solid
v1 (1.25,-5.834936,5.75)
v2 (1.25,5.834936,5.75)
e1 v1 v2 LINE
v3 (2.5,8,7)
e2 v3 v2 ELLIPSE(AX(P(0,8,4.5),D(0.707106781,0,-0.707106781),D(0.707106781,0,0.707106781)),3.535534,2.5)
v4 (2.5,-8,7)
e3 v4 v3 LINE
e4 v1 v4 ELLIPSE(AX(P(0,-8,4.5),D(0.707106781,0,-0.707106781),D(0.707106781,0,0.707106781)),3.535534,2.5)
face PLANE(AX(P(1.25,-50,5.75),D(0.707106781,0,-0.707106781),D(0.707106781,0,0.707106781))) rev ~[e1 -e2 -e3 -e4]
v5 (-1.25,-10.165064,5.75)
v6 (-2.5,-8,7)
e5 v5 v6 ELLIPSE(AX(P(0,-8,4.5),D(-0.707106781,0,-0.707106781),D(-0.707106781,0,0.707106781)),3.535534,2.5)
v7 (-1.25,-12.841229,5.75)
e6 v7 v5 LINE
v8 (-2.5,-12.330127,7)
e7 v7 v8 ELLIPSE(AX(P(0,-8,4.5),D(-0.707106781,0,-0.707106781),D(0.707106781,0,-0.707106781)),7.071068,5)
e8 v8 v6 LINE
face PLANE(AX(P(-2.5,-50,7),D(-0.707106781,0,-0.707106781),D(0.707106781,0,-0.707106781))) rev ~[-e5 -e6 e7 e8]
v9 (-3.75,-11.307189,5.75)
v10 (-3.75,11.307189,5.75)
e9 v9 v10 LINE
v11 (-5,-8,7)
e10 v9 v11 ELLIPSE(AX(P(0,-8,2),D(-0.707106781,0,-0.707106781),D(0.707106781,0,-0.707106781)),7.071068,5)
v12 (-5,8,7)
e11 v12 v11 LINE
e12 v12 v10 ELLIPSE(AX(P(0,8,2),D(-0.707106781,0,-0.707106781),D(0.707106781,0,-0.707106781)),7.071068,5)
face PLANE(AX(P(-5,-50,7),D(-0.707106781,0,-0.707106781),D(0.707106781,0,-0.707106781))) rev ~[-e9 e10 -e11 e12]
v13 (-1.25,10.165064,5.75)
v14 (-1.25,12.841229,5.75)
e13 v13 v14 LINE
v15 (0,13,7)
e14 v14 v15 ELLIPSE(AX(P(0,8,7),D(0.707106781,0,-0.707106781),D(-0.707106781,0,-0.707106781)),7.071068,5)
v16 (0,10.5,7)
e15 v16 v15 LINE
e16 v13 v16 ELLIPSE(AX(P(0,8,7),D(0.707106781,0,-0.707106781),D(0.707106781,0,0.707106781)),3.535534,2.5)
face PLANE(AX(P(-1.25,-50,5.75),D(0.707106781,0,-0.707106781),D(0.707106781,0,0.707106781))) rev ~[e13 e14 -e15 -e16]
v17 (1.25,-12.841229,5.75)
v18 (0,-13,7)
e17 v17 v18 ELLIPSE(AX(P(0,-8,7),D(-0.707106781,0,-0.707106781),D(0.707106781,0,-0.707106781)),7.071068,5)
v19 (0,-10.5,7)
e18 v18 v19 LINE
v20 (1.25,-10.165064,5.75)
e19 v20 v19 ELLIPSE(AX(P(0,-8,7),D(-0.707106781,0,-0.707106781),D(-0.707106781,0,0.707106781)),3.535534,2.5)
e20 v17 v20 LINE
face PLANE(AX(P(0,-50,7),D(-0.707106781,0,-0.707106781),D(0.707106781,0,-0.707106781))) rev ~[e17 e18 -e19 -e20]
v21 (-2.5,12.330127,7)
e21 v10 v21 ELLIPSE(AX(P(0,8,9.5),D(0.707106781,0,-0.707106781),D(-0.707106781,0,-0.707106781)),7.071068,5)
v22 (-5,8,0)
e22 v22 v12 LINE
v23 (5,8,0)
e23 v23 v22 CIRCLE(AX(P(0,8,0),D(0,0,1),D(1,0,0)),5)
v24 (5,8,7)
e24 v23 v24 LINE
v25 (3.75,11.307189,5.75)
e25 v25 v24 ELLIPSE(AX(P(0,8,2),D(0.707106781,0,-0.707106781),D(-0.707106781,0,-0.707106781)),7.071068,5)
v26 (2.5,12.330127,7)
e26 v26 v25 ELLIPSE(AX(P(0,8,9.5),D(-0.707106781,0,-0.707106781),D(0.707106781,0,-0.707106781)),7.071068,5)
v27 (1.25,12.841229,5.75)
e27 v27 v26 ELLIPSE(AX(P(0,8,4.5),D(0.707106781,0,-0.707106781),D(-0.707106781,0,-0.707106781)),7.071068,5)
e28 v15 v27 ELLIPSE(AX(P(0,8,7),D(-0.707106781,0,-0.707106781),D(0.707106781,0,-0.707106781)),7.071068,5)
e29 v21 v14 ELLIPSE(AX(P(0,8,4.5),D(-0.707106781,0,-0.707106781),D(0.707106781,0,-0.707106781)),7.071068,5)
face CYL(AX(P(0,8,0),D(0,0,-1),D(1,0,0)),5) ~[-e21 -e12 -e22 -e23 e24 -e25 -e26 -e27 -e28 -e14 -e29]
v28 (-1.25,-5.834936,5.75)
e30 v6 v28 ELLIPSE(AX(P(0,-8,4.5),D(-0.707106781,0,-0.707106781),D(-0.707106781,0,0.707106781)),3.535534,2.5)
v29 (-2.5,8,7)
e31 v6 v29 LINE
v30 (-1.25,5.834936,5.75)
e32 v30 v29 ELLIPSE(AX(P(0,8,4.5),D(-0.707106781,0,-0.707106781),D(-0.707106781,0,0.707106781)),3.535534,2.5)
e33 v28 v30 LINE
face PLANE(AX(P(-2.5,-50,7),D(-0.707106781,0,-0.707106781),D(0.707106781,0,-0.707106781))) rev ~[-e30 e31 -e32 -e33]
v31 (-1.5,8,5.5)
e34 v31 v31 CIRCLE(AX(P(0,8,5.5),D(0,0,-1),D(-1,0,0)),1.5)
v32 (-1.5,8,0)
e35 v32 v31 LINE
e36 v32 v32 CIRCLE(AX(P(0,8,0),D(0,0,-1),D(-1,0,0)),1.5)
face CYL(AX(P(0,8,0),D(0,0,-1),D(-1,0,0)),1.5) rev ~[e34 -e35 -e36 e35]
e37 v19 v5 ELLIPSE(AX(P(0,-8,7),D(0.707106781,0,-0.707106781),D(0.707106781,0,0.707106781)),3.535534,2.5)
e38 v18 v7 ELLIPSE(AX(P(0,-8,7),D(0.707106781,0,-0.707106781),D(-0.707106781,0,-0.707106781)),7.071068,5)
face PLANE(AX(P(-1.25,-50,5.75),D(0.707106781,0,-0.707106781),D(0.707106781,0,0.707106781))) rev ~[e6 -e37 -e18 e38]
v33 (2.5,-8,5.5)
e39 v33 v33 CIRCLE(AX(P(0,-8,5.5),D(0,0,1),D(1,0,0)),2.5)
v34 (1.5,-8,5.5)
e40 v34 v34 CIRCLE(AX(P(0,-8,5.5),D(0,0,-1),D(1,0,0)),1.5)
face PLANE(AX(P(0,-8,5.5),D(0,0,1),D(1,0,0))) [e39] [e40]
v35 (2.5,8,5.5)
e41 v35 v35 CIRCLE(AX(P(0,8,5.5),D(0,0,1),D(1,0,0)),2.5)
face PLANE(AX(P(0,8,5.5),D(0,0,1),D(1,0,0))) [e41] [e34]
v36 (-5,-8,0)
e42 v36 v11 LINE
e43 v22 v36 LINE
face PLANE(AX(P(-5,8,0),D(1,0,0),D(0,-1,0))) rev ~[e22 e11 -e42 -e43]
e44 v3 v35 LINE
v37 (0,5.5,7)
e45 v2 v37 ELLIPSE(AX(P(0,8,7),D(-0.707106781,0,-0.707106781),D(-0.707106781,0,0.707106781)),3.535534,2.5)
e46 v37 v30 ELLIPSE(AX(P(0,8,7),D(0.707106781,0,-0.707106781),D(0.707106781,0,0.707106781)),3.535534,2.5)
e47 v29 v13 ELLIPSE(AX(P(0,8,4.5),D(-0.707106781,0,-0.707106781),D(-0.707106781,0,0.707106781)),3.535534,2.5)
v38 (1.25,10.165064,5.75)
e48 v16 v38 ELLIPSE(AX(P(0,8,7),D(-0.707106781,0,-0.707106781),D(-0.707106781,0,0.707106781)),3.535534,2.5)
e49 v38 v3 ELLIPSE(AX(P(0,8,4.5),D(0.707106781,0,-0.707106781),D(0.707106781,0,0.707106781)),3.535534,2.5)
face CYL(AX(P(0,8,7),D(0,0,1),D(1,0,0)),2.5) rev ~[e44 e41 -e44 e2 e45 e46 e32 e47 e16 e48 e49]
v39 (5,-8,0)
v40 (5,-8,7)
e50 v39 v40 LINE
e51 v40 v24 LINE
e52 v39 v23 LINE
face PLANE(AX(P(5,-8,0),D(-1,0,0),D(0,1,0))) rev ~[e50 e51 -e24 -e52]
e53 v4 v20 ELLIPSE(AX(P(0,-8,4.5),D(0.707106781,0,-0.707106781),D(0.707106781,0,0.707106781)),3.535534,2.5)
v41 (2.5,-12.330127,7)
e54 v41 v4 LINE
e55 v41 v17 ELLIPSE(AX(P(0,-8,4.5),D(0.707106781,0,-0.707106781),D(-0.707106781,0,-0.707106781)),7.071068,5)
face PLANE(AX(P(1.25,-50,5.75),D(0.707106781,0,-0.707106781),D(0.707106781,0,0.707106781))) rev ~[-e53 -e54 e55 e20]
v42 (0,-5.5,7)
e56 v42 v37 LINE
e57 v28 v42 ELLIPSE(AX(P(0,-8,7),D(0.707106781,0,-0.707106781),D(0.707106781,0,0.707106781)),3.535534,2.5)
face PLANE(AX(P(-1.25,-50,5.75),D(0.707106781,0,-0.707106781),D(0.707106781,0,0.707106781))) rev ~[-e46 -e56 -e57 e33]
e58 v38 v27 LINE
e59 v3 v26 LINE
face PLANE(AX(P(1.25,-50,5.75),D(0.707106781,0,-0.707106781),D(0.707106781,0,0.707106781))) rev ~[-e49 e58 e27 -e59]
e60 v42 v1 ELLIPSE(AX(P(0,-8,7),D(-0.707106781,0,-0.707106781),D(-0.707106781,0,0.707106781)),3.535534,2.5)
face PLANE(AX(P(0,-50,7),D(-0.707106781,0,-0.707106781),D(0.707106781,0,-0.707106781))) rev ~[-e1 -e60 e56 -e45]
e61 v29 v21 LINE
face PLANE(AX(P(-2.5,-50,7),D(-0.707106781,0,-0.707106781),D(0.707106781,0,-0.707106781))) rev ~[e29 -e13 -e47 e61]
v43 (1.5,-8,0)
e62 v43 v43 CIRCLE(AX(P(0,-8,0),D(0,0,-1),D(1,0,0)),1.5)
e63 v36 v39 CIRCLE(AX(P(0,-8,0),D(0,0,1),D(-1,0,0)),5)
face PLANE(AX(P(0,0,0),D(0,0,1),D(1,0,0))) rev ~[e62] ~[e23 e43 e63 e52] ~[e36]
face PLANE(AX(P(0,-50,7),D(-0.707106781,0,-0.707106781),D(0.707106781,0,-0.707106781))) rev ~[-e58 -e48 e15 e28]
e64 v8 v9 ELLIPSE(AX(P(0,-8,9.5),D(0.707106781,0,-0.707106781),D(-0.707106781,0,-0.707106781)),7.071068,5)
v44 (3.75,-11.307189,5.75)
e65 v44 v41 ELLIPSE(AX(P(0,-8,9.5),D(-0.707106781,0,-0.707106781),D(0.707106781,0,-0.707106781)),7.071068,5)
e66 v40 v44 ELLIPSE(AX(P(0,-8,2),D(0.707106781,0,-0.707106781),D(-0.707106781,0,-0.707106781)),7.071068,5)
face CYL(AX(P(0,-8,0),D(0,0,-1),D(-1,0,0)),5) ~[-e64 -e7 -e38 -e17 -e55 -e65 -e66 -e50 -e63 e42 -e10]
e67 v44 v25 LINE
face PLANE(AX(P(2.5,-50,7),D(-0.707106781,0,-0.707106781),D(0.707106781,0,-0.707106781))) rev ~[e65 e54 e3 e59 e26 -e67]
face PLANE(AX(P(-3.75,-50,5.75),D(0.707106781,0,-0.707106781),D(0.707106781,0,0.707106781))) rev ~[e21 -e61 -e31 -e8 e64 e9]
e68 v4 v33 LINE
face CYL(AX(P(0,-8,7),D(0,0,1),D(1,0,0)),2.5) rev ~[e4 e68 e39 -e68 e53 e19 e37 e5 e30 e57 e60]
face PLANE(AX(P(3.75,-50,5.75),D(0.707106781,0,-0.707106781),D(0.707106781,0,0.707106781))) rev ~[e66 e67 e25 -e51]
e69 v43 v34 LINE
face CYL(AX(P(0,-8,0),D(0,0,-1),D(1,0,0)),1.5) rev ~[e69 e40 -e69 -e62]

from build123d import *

# Parameters (mm, degrees)
F1_DEPTH = 7
F3_DEPTH = 50
F4_DEPTH = 100
F6_R     = 2.5
F7_DEPTH = 1.5


with BuildPart() as f1:
    # F0 (on Top) → F1 (new body)
    with BuildSketch(Plane.XY):
        with BuildLine():
            Line((5, 8), (1.5, 8))
            ThreePointArc((1.5, 8), (0, 6.5), (-1.5, 8))
            Line((-1.5, 8), (-5, 8))
            Line((-5, 8), (-5, -8))
            Line((-5, -8), (-1.5, -8))
            ThreePointArc((-1.5, -8), (0, -6.5), (1.5, -8))
            Line((1.5, -8), (5, -8))
            Line((5, -8), (5, 8))
        make_face()
        with BuildLine():
            ThreePointArc((-1.5, 8), (0, 9.5), (1.5, 8))
            Line((1.5, 8), (5, 8))
            ThreePointArc((5, 8), (0, 13), (-5, 8))
            Line((-5, 8), (-1.5, 8))
        make_face()
        with BuildLine():
            ThreePointArc((-5, -8), (0, -13), (5, -8))
            Line((5, -8), (1.5, -8))
            ThreePointArc((1.5, -8), (0, -9.5), (-1.5, -8))
            Line((-1.5, -8), (-5, -8))
        make_face()
    extrude(amount=F1_DEPTH)


with BuildPart() as f3:
    # F2 (on Front) → F3 (new body)
    with BuildSketch(Plane.XZ):
        Polygon((-3.75, 5.75), (-2.5, 7), (-5, 7), align=None)
    extrude(amount=F3_DEPTH)


with BuildPart() as f3b:
    # F2 (on Front) → F3, piece 2 (new body)
    with BuildSketch(Plane.XZ):
        Polygon((-1.25, 5.75), (0, 7), (-2.5, 7), align=None)
    extrude(amount=F3_DEPTH)


with BuildPart() as f3c:
    # F2 (on Front) → F3, piece 3 (new body)
    with BuildSketch(Plane.XZ):
        Polygon((2.5, 7), (0, 7), (1.25, 5.75), align=None)
    extrude(amount=F3_DEPTH)


with BuildPart() as f3d:
    # F2 (on Front) → F3, piece 4 (new body)
    with BuildSketch(Plane.XZ):
        Polygon((5, 7), (2.5, 7), (3.75, 5.75), align=None)
    extrude(amount=F3_DEPTH)


with BuildPart() as f4_tool:
    # F3_face (on face) → F4 (new body)
    with BuildSketch(Plane(origin=(-3.75, -50, 6.5833333333), x_dir=(1, 0, 0), z_dir=(0, -1, 0))):
        Polygon((0, -0.8333333333), (1.25, 0.4166666667), (-1.25, 0.4166666667), align=None)
        Polygon((2.5, -0.8333333333), (3.75, 0.4166666667), (1.25, 0.4166666667), align=None)
        Polygon((6.25, 0.4166666667), (3.75, 0.4166666667), (5, -0.8333333333), align=None)
        Polygon((8.75, 0.4166666667), (6.25, 0.4166666667), (7.5, -0.8333333333), align=None)
    extrude(amount=-F4_DEPTH)


with BuildPart() as f1_1:
    add(f1.part)

    # F4: cut by f4_tool
    add(f4_tool.part, mode=Mode.SUBTRACT)

    # F6 (on offset) → F7 (cut)
    with BuildSketch(Plane.XY.offset(7)):
        with Locations((0, -8)):
            Circle(F6_R)
        with Locations((0, 8)):
            Circle(F6_R)
    extrude(amount=-F7_DEPTH, mode=Mode.SUBTRACT)


with BuildPart() as f3_1:
    add(f3.part)

    # F4: cut by f4_tool
    add(f4_tool.part, mode=Mode.SUBTRACT)


with BuildPart() as f3b_1:
    add(f3b.part)

    # F4: cut by f4_tool
    add(f4_tool.part, mode=Mode.SUBTRACT)


with BuildPart() as f3c_1:
    add(f3c.part)

    # F4: cut by f4_tool
    add(f4_tool.part, mode=Mode.SUBTRACT)


with BuildPart() as f3d_1:
    add(f3d.part)

    # F4: cut by f4_tool
    add(f4_tool.part, mode=Mode.SUBTRACT)


solid = f1_1.part
